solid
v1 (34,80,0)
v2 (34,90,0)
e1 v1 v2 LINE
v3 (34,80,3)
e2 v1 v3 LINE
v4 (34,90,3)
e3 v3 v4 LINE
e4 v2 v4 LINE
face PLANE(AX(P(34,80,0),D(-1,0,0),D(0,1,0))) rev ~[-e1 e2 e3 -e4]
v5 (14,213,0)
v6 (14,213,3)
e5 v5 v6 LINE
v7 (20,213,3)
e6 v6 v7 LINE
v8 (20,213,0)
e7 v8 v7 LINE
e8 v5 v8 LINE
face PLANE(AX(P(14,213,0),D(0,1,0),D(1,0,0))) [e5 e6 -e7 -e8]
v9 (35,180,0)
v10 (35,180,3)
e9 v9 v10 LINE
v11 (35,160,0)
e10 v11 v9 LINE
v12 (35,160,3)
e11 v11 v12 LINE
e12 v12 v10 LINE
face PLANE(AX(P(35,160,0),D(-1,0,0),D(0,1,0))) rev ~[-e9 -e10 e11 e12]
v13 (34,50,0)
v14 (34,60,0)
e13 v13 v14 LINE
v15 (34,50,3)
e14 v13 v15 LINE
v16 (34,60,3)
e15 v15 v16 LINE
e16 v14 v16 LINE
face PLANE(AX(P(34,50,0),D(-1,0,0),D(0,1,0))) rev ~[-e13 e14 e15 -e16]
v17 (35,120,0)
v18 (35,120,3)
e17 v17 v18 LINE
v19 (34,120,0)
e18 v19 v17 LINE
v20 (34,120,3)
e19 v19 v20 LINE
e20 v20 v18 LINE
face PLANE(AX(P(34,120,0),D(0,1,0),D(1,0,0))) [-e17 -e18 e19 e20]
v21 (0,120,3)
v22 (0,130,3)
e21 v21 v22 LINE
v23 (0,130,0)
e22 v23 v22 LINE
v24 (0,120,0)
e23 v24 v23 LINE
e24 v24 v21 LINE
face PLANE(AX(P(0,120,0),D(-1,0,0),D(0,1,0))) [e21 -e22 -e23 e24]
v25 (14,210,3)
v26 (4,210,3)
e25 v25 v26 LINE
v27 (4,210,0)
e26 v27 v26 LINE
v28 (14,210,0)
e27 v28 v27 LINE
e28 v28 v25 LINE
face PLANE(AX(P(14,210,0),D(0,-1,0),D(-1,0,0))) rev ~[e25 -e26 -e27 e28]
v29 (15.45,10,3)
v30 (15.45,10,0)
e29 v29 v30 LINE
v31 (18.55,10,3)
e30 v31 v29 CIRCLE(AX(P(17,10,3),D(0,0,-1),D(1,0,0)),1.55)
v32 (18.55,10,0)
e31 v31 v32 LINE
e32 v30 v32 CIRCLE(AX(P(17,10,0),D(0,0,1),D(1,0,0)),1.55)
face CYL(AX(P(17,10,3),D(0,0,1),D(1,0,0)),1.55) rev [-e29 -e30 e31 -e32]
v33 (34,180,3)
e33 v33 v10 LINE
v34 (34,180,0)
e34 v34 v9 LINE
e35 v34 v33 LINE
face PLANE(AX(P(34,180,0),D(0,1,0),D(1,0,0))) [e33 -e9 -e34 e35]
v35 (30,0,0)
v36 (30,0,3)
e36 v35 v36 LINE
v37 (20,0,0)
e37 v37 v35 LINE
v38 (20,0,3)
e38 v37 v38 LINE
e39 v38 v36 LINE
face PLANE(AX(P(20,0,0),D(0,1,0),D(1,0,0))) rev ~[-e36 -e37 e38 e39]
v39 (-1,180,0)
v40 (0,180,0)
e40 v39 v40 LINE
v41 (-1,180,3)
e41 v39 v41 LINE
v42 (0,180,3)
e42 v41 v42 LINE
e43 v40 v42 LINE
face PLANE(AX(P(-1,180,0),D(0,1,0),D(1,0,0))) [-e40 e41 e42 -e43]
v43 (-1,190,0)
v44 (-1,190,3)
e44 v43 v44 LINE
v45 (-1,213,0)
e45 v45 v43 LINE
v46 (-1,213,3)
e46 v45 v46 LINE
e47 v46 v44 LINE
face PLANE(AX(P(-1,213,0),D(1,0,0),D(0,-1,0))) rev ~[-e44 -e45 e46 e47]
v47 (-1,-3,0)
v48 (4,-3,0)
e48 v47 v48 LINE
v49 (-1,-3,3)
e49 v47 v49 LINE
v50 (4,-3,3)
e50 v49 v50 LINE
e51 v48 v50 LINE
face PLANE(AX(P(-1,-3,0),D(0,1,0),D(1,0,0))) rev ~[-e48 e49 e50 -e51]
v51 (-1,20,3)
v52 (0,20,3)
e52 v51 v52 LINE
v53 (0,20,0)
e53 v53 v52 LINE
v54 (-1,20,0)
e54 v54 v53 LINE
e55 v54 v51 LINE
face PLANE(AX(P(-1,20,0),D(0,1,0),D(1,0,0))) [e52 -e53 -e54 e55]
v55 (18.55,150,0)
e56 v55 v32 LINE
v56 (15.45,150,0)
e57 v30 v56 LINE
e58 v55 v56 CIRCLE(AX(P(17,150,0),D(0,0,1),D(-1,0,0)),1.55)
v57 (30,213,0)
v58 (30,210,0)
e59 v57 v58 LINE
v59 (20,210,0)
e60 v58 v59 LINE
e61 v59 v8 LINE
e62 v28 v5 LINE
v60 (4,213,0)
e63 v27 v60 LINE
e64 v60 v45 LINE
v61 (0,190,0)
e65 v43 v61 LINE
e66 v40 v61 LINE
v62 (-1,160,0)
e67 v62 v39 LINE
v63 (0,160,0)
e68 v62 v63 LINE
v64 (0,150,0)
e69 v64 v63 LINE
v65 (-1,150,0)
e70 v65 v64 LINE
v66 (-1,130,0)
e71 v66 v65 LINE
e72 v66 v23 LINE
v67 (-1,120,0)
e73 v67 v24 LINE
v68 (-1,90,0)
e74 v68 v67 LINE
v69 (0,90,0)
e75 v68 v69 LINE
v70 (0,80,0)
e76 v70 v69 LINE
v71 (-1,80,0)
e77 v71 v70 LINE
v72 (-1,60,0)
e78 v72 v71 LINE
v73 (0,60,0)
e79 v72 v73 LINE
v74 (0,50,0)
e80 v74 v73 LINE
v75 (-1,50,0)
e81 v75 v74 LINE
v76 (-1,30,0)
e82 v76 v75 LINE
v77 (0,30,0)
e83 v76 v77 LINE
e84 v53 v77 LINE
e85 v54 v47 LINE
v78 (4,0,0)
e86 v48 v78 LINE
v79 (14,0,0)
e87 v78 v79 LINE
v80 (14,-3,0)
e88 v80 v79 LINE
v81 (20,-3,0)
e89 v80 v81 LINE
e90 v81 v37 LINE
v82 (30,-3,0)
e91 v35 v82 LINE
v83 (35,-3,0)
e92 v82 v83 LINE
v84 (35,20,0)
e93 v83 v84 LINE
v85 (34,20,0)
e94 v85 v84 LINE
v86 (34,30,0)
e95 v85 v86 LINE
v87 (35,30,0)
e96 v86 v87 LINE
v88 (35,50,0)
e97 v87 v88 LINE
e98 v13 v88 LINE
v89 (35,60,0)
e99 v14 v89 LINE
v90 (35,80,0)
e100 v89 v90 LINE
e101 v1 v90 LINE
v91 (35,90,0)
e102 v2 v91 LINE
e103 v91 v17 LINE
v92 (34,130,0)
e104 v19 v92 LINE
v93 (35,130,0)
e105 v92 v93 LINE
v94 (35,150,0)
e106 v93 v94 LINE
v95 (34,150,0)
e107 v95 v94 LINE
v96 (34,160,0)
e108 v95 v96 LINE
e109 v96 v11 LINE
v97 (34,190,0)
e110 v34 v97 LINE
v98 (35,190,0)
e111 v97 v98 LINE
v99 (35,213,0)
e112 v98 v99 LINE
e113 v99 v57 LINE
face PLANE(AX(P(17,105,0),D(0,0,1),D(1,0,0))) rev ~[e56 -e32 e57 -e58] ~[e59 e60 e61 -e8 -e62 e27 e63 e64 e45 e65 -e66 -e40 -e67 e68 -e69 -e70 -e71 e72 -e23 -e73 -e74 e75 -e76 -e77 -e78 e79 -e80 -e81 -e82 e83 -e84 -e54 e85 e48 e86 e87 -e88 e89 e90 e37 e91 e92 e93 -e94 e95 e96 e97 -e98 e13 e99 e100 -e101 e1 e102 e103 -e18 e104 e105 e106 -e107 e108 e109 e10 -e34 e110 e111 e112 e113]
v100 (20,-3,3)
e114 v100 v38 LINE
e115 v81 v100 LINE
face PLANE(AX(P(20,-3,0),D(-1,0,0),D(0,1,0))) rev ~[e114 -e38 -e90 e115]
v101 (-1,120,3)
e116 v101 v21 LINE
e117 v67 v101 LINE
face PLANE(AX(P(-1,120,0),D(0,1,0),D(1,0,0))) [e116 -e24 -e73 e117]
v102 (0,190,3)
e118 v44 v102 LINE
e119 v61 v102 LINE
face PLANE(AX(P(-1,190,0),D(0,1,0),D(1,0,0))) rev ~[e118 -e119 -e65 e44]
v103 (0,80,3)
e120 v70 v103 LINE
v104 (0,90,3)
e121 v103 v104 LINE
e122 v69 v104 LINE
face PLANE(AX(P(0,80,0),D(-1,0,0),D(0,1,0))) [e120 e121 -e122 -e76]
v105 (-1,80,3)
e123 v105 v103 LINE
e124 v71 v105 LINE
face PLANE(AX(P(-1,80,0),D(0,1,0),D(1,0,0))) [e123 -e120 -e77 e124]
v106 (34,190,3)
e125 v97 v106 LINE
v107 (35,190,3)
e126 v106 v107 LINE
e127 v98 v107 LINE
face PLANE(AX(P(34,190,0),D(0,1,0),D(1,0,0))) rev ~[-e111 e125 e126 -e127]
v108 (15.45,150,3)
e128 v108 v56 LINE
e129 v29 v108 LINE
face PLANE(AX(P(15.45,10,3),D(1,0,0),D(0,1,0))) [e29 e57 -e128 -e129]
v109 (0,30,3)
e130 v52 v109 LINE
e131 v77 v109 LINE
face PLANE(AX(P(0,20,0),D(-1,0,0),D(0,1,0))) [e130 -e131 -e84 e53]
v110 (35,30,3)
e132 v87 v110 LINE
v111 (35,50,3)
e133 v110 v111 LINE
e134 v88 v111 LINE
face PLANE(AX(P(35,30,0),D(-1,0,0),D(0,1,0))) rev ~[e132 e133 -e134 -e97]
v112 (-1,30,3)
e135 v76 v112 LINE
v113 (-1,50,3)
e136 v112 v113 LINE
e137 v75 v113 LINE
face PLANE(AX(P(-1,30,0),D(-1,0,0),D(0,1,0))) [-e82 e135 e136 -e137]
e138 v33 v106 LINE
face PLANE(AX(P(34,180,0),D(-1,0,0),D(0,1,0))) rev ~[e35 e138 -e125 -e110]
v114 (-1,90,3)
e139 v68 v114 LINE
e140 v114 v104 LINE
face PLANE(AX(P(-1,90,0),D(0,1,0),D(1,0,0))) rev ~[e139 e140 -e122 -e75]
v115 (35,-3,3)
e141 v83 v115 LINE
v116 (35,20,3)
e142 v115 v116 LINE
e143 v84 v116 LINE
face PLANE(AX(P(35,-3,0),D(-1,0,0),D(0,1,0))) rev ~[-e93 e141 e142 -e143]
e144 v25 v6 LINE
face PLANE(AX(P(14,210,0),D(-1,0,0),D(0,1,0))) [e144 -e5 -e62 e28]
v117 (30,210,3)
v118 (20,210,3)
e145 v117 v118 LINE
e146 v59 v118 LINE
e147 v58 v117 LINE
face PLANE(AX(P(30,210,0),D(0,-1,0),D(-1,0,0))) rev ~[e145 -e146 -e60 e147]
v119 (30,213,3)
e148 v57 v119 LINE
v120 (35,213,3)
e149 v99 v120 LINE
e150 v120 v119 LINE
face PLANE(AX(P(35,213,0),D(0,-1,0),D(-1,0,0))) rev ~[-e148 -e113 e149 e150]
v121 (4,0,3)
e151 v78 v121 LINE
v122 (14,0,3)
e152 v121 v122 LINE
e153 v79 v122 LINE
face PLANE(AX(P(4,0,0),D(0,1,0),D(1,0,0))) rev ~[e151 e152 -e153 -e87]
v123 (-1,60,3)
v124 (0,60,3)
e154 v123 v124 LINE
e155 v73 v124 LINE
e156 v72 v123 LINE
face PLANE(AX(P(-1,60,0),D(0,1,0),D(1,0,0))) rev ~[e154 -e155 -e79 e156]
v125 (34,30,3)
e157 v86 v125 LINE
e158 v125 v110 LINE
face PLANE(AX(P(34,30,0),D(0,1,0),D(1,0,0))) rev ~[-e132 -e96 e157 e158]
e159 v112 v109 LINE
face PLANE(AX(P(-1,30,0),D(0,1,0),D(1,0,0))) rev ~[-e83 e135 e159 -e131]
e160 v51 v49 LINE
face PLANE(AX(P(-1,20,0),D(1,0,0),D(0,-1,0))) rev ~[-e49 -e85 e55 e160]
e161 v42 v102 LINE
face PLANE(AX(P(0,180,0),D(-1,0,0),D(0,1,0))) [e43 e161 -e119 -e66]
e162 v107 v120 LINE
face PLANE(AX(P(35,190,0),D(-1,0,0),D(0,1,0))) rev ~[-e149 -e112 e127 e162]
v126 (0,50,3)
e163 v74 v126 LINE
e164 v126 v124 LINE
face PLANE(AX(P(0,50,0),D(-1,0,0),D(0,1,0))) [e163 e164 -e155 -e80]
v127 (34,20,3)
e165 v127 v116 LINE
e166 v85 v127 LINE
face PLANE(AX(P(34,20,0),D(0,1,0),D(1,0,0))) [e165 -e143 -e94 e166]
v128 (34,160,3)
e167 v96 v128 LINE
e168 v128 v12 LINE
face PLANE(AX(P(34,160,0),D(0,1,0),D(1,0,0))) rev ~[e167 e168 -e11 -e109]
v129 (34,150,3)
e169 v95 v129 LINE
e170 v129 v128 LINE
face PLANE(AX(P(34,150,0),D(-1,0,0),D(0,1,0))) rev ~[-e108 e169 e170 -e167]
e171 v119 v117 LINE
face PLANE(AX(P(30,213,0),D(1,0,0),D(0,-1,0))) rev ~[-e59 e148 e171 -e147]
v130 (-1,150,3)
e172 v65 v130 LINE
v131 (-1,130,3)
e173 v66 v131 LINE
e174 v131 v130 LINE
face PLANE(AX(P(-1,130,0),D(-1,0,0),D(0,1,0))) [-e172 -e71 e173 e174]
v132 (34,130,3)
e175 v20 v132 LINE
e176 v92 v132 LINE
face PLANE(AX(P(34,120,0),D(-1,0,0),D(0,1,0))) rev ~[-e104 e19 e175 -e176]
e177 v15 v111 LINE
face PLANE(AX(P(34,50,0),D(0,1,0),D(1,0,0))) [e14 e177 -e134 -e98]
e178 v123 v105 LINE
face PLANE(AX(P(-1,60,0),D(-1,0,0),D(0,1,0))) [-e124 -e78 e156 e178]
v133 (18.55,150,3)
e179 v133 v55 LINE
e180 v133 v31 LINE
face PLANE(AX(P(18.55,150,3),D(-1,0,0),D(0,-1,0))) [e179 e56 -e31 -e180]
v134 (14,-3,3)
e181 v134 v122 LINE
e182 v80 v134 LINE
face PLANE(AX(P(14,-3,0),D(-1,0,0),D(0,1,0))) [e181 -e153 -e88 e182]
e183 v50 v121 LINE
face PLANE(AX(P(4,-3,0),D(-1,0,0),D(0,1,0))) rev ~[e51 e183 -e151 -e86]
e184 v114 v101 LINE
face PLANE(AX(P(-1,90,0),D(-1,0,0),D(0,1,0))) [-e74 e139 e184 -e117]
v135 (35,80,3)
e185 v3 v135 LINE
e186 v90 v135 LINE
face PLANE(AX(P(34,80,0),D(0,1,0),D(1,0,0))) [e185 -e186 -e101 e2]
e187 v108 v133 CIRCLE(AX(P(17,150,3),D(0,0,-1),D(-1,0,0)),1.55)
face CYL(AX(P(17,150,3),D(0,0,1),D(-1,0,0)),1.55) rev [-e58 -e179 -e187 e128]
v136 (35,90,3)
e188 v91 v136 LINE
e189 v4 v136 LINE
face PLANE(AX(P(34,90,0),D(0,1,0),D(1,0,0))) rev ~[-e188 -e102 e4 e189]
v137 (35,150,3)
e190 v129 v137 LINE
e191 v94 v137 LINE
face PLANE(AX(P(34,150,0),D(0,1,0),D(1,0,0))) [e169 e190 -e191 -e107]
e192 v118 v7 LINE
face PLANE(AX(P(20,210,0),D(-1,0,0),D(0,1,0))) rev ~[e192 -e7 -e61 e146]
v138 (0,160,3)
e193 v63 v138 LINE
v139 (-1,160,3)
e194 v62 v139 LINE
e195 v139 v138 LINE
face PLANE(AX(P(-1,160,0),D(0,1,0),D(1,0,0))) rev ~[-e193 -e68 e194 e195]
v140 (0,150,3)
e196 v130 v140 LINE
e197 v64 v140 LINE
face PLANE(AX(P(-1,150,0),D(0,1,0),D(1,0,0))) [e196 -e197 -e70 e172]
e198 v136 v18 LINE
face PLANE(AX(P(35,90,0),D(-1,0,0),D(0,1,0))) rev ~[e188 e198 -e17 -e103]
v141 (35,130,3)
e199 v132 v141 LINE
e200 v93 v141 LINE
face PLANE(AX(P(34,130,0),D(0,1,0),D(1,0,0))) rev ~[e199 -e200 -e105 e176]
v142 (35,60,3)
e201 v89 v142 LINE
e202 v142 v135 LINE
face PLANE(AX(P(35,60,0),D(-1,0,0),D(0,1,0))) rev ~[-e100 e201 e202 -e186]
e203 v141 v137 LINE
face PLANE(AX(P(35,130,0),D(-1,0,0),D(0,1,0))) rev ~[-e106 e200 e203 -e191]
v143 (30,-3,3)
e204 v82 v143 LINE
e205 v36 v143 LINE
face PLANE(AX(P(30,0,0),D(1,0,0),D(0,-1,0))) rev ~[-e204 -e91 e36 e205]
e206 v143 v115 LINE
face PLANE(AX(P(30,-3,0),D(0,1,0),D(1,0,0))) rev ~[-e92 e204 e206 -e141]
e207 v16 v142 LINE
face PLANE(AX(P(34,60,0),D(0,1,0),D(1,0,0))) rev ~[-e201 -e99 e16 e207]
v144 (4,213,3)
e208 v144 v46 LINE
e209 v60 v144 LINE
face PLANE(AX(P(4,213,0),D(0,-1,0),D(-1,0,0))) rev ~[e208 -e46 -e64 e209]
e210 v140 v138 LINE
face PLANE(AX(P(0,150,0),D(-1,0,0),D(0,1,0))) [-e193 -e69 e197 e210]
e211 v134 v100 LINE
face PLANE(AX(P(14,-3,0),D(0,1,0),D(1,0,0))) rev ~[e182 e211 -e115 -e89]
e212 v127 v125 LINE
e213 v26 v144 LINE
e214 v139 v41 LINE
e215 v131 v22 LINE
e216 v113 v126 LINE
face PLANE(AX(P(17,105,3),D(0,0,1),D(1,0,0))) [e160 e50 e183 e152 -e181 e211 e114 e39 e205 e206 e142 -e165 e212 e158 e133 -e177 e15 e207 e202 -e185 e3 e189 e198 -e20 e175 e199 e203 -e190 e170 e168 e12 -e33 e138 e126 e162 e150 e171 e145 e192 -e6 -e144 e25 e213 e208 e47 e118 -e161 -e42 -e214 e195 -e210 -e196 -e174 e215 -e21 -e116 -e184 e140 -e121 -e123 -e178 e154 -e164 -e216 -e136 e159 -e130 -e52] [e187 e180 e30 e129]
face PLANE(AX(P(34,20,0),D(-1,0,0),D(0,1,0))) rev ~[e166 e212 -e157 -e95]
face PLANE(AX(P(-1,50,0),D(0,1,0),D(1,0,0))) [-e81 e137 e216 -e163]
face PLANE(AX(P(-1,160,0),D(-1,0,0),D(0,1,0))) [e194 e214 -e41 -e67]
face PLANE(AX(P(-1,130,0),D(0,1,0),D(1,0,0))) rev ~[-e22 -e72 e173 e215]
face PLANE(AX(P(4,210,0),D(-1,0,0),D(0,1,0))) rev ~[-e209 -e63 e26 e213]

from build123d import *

# Parameters (mm, degrees)
SKETCH1_W           = 34
SKETCH1_H           = 210
SKETCH1_W_2         = 1
SKETCH1_H_2         = 20
SKETCH1_H_3         = 30
SKETCH1_W_3         = 6
SKETCH1_H_4         = 3
BOSS_EXTRUDE1_DEPTH = 3
CUT_EXTRUDE1_DEPTH  = 216.877279953


with BuildPart() as part:
    # Sketch1 → Boss-Extrude1 (new body)
    with BuildSketch(Plane.XY):
        with Locations((17, 105)):
            Rectangle(SKETCH1_W, SKETCH1_H)
        with Locations((34.5, 200)):
            Rectangle(SKETCH1_W_2, SKETCH1_H_2)
        with Locations((-0.5, 200)):
            Rectangle(SKETCH1_W_2, SKETCH1_H_2)
        with Locations((-0.5, 170)):
            Rectangle(SKETCH1_W_2, SKETCH1_H_2)
        with Locations((34.5, 170)):
            Rectangle(SKETCH1_W_2, SKETCH1_H_2)
        with Locations((34.5, 140)):
            Rectangle(SKETCH1_W_2, SKETCH1_H_2)
        with Locations((-0.5, 140)):
            Rectangle(SKETCH1_W_2, SKETCH1_H_2)
        with Locations((-0.5, 105)):
            Rectangle(SKETCH1_W_2, SKETCH1_H_3)
        with Locations((34.5, 105)):
            Rectangle(SKETCH1_W_2, SKETCH1_H_3)
        with Locations((34.5, 70)):
            Rectangle(SKETCH1_W_2, SKETCH1_H_2)
        with Locations((-0.5, 70)):
            Rectangle(SKETCH1_W_2, SKETCH1_H_2)
        with Locations((-0.5, 40)):
            Rectangle(SKETCH1_W_2, SKETCH1_H_2)
        with Locations((34.5, 40)):
            Rectangle(SKETCH1_W_2, SKETCH1_H_2)
        with Locations((34.5, 10)):
            Rectangle(SKETCH1_W_2, SKETCH1_H_2)
        with Locations((-0.5, 10)):
            Rectangle(SKETCH1_W_2, SKETCH1_H_2)
        Polygon((4, 0), (0, 0), (-1, 0), (-1, -3), (4, -3), align=None)
        with Locations((17, -1.5)):
            Rectangle(SKETCH1_W_3, SKETCH1_H_4)
        Polygon((34, 0), (30, 0), (30, -3), (35, -3), (35, 0), align=None)
        Polygon((-1, 210), (0, 210), (4, 210), (4, 213), (-1, 213), align=None)
        with Locations((17, 211.5)):
            Rectangle(SKETCH1_W_3, SKETCH1_H_4)
        Polygon((30, 213), (30, 210), (34, 210), (35, 210), (35, 213), align=None)
    extrude(amount=BOSS_EXTRUDE1_DEPTH)

    # Sketch2 → Cut-Extrude1 (cut, through all)
    with BuildSketch(Plane.XY.offset(3)):
        with BuildLine():
            Line((18.55, 150), (18.55, 10))
            ThreePointArc((18.55, 10), (17, 8.45), (15.45, 10))
            Line((15.45, 10), (15.45, 150))
            ThreePointArc((15.45, 150), (17, 151.55), (18.55, 150))
        make_face()
    extrude(amount=-CUT_EXTRUDE1_DEPTH, mode=Mode.SUBTRACT)


solid = part.part
